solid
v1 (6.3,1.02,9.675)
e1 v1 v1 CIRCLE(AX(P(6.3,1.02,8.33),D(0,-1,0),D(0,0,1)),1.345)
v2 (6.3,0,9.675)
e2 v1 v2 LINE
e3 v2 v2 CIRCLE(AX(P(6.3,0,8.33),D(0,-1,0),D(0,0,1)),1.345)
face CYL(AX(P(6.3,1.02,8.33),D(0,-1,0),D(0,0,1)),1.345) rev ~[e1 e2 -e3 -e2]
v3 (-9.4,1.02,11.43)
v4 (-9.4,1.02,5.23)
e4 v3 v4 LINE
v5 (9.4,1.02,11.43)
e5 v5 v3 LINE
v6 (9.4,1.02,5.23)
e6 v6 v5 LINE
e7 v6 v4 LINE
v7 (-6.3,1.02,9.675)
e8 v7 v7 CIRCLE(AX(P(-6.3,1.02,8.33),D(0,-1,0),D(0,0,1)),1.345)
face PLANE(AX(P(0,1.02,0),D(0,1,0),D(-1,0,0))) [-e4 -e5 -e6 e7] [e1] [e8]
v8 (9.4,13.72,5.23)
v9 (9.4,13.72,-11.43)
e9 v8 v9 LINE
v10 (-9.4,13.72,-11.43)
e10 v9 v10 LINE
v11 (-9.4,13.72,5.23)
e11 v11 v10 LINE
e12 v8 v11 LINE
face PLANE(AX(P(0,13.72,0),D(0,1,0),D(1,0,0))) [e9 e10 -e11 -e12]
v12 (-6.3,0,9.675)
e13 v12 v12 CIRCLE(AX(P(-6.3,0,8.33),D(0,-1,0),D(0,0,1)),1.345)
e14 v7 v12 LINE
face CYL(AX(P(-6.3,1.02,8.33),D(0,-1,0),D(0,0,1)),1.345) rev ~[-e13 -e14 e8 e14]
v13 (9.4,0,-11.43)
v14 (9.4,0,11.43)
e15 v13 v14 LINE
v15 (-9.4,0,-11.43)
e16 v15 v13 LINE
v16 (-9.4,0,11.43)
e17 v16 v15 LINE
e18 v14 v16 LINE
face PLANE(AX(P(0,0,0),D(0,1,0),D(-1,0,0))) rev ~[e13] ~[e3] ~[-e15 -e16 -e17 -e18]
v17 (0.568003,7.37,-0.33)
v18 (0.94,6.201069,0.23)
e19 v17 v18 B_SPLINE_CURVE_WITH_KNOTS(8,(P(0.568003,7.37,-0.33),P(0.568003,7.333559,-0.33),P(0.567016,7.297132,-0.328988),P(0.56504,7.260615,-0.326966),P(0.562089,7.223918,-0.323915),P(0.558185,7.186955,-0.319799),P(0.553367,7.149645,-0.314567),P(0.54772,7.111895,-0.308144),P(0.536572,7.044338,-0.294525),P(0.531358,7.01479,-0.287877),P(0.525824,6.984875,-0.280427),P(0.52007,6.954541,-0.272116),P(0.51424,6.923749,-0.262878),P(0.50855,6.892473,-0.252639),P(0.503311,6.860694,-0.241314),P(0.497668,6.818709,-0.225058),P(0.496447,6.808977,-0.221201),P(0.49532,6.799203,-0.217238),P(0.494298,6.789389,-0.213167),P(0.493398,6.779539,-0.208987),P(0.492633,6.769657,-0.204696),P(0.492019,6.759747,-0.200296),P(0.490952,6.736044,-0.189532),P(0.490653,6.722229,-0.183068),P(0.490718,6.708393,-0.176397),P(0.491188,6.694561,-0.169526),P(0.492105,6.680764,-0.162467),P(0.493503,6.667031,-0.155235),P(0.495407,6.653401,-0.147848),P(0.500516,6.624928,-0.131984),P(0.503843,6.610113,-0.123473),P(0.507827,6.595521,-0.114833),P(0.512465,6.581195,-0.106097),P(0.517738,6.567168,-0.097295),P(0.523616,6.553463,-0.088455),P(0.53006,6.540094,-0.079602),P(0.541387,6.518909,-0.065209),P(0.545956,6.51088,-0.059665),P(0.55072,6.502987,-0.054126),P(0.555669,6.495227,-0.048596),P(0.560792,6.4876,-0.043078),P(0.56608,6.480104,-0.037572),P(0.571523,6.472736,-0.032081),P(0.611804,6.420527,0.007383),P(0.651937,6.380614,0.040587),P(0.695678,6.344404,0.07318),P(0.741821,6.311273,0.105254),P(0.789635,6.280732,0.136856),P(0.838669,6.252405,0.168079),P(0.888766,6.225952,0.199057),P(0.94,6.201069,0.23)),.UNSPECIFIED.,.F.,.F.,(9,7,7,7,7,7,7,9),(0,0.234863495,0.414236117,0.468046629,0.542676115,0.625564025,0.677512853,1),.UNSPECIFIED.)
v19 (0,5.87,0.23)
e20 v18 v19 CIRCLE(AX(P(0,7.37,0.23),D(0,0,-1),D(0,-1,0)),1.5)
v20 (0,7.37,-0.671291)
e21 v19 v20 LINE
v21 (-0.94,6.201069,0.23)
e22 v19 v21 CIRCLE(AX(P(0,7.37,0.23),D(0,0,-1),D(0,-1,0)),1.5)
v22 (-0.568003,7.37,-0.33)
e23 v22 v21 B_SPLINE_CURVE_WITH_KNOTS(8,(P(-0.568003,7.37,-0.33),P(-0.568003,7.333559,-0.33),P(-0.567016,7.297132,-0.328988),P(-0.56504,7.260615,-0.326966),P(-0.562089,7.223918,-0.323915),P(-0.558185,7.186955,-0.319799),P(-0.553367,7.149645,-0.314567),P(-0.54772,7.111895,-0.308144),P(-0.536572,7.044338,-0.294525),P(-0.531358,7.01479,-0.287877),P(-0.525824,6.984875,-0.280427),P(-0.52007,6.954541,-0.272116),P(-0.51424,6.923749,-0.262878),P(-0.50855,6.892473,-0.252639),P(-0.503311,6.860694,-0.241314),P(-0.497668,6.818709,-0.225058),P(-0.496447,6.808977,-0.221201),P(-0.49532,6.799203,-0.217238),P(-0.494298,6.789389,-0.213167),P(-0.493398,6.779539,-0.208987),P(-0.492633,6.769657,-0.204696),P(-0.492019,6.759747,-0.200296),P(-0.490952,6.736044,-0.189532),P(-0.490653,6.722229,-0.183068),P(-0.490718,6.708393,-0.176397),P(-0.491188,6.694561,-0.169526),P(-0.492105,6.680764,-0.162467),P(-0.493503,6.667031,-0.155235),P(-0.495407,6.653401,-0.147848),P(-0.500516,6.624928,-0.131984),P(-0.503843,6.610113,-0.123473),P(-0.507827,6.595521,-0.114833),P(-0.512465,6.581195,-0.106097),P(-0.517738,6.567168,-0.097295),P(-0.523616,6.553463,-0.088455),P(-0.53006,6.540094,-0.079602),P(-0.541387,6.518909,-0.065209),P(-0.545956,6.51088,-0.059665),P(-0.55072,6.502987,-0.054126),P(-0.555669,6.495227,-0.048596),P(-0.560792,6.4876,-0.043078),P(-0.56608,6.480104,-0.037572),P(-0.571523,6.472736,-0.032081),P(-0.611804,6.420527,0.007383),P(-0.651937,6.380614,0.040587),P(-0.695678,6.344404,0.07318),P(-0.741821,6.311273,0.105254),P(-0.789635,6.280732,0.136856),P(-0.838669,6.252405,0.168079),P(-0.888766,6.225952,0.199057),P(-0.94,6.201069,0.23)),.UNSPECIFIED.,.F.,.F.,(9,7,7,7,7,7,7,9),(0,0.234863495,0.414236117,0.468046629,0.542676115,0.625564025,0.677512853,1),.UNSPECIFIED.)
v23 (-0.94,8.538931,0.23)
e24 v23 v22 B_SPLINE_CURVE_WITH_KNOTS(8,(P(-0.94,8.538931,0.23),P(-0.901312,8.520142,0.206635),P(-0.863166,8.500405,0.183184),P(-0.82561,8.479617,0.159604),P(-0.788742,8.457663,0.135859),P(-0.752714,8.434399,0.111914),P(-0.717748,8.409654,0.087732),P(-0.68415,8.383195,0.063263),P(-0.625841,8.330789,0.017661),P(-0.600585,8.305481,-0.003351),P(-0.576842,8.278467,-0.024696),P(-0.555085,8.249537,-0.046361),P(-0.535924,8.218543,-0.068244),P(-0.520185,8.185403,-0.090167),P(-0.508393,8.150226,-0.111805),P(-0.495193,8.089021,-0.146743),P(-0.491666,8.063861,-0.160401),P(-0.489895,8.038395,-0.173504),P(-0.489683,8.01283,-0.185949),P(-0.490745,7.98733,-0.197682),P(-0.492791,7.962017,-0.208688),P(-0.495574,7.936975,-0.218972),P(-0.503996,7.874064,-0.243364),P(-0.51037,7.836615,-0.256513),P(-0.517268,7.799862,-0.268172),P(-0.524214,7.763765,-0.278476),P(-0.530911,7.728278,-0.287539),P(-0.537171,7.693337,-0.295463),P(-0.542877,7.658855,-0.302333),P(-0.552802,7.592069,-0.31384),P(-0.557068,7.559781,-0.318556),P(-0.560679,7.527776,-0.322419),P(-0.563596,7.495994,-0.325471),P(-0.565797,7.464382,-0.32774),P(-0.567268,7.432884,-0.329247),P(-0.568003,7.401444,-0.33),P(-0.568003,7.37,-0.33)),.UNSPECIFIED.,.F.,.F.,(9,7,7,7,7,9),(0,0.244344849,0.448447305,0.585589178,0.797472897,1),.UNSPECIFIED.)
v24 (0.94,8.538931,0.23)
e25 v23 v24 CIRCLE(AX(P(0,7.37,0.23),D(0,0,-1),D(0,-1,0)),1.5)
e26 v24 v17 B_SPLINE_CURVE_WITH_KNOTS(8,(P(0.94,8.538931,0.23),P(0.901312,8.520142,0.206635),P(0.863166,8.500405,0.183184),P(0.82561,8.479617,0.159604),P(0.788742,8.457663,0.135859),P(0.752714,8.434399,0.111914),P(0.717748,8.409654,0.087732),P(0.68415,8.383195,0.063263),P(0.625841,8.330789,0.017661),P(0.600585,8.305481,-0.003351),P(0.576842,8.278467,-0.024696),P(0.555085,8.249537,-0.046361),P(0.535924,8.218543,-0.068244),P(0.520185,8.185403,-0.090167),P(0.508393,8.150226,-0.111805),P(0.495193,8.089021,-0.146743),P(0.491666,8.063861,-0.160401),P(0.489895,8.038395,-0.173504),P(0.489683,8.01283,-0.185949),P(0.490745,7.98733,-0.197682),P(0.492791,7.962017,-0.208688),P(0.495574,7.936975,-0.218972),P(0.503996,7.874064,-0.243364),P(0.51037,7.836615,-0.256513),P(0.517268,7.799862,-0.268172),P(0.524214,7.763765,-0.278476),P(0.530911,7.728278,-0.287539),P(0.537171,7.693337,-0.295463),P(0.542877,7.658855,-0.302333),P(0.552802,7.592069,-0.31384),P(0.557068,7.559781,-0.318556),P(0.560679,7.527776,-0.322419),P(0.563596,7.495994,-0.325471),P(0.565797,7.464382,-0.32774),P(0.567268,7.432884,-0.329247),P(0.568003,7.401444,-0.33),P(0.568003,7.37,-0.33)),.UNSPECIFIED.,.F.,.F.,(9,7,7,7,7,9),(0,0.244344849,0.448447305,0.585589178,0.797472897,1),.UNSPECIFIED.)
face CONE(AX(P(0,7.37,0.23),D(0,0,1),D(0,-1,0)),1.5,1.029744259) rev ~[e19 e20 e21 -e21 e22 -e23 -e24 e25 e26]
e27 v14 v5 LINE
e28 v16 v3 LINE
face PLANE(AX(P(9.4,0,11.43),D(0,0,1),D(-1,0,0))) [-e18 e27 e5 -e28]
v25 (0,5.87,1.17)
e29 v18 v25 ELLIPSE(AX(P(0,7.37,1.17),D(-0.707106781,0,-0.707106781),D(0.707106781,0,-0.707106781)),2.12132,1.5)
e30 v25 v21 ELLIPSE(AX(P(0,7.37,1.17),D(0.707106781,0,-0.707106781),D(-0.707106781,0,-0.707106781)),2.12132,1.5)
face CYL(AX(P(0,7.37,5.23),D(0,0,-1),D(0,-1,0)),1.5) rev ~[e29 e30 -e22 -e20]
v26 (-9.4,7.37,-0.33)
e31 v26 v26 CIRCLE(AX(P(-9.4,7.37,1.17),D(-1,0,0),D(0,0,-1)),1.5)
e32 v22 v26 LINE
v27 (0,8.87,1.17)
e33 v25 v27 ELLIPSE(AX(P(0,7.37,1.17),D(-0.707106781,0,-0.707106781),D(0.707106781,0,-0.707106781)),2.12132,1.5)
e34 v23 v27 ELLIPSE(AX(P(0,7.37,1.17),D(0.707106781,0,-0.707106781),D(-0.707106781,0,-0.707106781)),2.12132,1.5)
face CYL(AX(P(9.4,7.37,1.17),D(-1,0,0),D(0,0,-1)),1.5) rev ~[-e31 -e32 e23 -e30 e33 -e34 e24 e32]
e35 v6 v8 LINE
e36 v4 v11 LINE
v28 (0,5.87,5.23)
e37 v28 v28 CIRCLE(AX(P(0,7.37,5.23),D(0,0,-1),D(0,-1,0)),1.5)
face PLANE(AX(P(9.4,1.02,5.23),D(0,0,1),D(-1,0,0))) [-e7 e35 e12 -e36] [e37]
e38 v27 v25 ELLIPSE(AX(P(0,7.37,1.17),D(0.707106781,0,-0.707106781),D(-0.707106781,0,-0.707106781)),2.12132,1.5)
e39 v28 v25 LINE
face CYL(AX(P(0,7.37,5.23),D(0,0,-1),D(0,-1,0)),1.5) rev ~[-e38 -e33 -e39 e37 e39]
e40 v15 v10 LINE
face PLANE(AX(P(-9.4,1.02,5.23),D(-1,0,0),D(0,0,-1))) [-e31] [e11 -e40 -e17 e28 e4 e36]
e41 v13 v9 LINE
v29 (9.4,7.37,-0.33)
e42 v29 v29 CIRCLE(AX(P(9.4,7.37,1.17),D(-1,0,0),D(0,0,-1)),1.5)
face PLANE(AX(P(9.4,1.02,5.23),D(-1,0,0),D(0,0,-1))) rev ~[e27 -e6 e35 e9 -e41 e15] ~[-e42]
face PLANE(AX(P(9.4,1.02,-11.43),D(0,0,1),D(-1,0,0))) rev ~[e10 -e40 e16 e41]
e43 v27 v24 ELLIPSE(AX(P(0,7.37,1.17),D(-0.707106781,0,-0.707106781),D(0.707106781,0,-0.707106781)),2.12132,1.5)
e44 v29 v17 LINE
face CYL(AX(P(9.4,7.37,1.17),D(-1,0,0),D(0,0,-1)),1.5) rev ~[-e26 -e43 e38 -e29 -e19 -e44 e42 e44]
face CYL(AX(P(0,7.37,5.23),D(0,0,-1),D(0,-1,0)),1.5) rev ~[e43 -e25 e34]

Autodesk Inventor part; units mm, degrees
ref_plane "YZ Plane" through (0, 0, 0) normal (1, 0, 0) x (0, 1, 0)
ref_plane "XZ Plane" through (0, 0, 0) normal (0, 1, 0) x (-1, 0, 0)
ref_plane "XY Plane" through (0, 0, 0) normal (0, 0, 1) x (1, 0, 0)
sketch "mounting sheet" plane through (0, 0, 0) normal (0, 1, 0) x (-1, 0, 0)
  line L0 (9.4, -11.43) -> (-9.4, -11.43)
  line L1 (-9.4, -11.43) -> (-9.4, 11.43)
  line L2 (-9.4, 11.43) -> (9.4, 11.43)
  line L3 (9.4, 11.43) -> (9.4, -11.43)
  line L4 (9.4, -11.43) -> (-9.4, 11.43) construction
  line L5 (-9.4, -11.43) -> (9.4, 11.43) construction
  point P0 (0, 0)
  dimension "d0" = 18.8
  dimension "d1" = 22.86
extrude "mounting" add sketch "mounting sheet" along normal blind 1.02
sketch "Sketch2" plane through (0, 1.02, 0) normal (0, 1, 0) x (1, 0, 0)
  line L0 (-9.4, 11.43) -> (-9.4, -11.43) construction
  line L1 (-9.4, -8.33) -> (9.4, -8.33) construction
  line L2 (9.4, -11.43) -> (9.4, 11.43) construction
  line L3 (-9.4, -11.43) -> (9.4, -11.43) construction
  point P0 (0, 0)
  point P1 (-6.3, -8.33)
  point P2 (6.3, -8.33)
  dimension "d10" = 3.1
  dimension "d11" = 3.1
  dimension "d12" = 12.6
hole "Hole1" at (-6.3, 1.02, 8.33) at (6.3, 1.02, 8.33) direction (0, -1, 0) diameter 2.69 end through all
sketch "Sketch4" plane through (0, 1.02, 0) normal (0, 1, 0) x (1, 0, 0)
  line L0 (9.4, 11.43) -> (-9.4, 11.43) projected
  line L1 (9.4, -11.43) -> (9.4, 11.43) projected
  line L2 (-9.4, 11.43) -> (9.4, 11.43)
  line L3 (9.4, 11.43) -> (9.4, -5.23)
  line L4 (9.4, -5.23) -> (-9.4, -5.23)
  line L5 (-9.4, -5.23) -> (-9.4, 11.43)
  line L6 (-9.4, -11.43) -> (9.4, -11.43) projected
  point P0 (0, 0)
  dimension "d21" = 6.2
extrude "Extrusion2" add sketch "Sketch4" along normal blind 12.7
sketch "Sketch5" plane through (-9.4, 1.02, 5.23) normal (0, 0, 1) x (1, 0, 0)
  line L0 (18.8, 12.7) -> (0, 12.7) construction
  line L1 (9.4, 12.7) -> (9.4, 0) construction
  line L2 (0, 0) -> (18.8, 0) construction
  line L3 (18.8, -1.02) -> (18.8, 12.7) construction
  line L4 (0, -1.02) -> (0, 12.7) construction
  line L5 (18.8, 6.35) -> (0, 6.35) construction
  point P0 (9.4, -1.02)
  point P1 (9.4, 6.35)
  dimension "d25" = 7.37
hole "Hole2" at (0, 7.37, 5.23) direction (0, 0, -1) diameter 3 depth 5 tip angle 118
sketch "Sketch6" plane through (9.4, 0, 11.43) normal (1, 0, 0) x (0, 0, -1)
  line L0 (6.2, 1.02) -> (6.2, 13.72) construction
  line L1 (6.2, 7.37) -> (22.8459, 7.37) construction
  line L2 (6.2, 13.72) -> (22.86, 13.72) construction
  line L3 (0, 0) -> (22.86, 0) construction
  line L4 (10.26, 13.72) -> (10.26, 0) construction
  point P0 (11.43, 0)
  point P1 (10.26, 7.37)
  dimension "d33" = 4.06
  dimension "d34" = 7.37
hole "Hole3" at (9.4, 7.37, 1.17) direction (-1, 0, 0) diameter 3 end through all
sketch "Sketch7" plane through (0, 13.72, 0) normal (0, 1, 0) x (1, 0, 0)
  line L0 (-9.4, 11.43) -> (9.4, 11.43) construction
  line L1 (9.4, 11.43) -> (9.4, -5.23) construction
  line L2 (9.4, -5.23) -> (-9.4, -5.23) construction
  line L3 (-9.4, -5.23) -> (-9.4, 11.43) construction
  line L4 (-9.4, 11.43) -> (-9.4, -5.23) projected
  line L5 (9.4, -5.23) -> (9.4, 11.43) projected
  line L6 (9.4, 11.43) -> (-9.4, 11.43) projected
  line L7 (-9.4, -5.23) -> (9.4, -5.23) projected
  point P0 (0, 0)
  point P1 (0, -5.23)
properties part number "ZX10-2-12-S+"
